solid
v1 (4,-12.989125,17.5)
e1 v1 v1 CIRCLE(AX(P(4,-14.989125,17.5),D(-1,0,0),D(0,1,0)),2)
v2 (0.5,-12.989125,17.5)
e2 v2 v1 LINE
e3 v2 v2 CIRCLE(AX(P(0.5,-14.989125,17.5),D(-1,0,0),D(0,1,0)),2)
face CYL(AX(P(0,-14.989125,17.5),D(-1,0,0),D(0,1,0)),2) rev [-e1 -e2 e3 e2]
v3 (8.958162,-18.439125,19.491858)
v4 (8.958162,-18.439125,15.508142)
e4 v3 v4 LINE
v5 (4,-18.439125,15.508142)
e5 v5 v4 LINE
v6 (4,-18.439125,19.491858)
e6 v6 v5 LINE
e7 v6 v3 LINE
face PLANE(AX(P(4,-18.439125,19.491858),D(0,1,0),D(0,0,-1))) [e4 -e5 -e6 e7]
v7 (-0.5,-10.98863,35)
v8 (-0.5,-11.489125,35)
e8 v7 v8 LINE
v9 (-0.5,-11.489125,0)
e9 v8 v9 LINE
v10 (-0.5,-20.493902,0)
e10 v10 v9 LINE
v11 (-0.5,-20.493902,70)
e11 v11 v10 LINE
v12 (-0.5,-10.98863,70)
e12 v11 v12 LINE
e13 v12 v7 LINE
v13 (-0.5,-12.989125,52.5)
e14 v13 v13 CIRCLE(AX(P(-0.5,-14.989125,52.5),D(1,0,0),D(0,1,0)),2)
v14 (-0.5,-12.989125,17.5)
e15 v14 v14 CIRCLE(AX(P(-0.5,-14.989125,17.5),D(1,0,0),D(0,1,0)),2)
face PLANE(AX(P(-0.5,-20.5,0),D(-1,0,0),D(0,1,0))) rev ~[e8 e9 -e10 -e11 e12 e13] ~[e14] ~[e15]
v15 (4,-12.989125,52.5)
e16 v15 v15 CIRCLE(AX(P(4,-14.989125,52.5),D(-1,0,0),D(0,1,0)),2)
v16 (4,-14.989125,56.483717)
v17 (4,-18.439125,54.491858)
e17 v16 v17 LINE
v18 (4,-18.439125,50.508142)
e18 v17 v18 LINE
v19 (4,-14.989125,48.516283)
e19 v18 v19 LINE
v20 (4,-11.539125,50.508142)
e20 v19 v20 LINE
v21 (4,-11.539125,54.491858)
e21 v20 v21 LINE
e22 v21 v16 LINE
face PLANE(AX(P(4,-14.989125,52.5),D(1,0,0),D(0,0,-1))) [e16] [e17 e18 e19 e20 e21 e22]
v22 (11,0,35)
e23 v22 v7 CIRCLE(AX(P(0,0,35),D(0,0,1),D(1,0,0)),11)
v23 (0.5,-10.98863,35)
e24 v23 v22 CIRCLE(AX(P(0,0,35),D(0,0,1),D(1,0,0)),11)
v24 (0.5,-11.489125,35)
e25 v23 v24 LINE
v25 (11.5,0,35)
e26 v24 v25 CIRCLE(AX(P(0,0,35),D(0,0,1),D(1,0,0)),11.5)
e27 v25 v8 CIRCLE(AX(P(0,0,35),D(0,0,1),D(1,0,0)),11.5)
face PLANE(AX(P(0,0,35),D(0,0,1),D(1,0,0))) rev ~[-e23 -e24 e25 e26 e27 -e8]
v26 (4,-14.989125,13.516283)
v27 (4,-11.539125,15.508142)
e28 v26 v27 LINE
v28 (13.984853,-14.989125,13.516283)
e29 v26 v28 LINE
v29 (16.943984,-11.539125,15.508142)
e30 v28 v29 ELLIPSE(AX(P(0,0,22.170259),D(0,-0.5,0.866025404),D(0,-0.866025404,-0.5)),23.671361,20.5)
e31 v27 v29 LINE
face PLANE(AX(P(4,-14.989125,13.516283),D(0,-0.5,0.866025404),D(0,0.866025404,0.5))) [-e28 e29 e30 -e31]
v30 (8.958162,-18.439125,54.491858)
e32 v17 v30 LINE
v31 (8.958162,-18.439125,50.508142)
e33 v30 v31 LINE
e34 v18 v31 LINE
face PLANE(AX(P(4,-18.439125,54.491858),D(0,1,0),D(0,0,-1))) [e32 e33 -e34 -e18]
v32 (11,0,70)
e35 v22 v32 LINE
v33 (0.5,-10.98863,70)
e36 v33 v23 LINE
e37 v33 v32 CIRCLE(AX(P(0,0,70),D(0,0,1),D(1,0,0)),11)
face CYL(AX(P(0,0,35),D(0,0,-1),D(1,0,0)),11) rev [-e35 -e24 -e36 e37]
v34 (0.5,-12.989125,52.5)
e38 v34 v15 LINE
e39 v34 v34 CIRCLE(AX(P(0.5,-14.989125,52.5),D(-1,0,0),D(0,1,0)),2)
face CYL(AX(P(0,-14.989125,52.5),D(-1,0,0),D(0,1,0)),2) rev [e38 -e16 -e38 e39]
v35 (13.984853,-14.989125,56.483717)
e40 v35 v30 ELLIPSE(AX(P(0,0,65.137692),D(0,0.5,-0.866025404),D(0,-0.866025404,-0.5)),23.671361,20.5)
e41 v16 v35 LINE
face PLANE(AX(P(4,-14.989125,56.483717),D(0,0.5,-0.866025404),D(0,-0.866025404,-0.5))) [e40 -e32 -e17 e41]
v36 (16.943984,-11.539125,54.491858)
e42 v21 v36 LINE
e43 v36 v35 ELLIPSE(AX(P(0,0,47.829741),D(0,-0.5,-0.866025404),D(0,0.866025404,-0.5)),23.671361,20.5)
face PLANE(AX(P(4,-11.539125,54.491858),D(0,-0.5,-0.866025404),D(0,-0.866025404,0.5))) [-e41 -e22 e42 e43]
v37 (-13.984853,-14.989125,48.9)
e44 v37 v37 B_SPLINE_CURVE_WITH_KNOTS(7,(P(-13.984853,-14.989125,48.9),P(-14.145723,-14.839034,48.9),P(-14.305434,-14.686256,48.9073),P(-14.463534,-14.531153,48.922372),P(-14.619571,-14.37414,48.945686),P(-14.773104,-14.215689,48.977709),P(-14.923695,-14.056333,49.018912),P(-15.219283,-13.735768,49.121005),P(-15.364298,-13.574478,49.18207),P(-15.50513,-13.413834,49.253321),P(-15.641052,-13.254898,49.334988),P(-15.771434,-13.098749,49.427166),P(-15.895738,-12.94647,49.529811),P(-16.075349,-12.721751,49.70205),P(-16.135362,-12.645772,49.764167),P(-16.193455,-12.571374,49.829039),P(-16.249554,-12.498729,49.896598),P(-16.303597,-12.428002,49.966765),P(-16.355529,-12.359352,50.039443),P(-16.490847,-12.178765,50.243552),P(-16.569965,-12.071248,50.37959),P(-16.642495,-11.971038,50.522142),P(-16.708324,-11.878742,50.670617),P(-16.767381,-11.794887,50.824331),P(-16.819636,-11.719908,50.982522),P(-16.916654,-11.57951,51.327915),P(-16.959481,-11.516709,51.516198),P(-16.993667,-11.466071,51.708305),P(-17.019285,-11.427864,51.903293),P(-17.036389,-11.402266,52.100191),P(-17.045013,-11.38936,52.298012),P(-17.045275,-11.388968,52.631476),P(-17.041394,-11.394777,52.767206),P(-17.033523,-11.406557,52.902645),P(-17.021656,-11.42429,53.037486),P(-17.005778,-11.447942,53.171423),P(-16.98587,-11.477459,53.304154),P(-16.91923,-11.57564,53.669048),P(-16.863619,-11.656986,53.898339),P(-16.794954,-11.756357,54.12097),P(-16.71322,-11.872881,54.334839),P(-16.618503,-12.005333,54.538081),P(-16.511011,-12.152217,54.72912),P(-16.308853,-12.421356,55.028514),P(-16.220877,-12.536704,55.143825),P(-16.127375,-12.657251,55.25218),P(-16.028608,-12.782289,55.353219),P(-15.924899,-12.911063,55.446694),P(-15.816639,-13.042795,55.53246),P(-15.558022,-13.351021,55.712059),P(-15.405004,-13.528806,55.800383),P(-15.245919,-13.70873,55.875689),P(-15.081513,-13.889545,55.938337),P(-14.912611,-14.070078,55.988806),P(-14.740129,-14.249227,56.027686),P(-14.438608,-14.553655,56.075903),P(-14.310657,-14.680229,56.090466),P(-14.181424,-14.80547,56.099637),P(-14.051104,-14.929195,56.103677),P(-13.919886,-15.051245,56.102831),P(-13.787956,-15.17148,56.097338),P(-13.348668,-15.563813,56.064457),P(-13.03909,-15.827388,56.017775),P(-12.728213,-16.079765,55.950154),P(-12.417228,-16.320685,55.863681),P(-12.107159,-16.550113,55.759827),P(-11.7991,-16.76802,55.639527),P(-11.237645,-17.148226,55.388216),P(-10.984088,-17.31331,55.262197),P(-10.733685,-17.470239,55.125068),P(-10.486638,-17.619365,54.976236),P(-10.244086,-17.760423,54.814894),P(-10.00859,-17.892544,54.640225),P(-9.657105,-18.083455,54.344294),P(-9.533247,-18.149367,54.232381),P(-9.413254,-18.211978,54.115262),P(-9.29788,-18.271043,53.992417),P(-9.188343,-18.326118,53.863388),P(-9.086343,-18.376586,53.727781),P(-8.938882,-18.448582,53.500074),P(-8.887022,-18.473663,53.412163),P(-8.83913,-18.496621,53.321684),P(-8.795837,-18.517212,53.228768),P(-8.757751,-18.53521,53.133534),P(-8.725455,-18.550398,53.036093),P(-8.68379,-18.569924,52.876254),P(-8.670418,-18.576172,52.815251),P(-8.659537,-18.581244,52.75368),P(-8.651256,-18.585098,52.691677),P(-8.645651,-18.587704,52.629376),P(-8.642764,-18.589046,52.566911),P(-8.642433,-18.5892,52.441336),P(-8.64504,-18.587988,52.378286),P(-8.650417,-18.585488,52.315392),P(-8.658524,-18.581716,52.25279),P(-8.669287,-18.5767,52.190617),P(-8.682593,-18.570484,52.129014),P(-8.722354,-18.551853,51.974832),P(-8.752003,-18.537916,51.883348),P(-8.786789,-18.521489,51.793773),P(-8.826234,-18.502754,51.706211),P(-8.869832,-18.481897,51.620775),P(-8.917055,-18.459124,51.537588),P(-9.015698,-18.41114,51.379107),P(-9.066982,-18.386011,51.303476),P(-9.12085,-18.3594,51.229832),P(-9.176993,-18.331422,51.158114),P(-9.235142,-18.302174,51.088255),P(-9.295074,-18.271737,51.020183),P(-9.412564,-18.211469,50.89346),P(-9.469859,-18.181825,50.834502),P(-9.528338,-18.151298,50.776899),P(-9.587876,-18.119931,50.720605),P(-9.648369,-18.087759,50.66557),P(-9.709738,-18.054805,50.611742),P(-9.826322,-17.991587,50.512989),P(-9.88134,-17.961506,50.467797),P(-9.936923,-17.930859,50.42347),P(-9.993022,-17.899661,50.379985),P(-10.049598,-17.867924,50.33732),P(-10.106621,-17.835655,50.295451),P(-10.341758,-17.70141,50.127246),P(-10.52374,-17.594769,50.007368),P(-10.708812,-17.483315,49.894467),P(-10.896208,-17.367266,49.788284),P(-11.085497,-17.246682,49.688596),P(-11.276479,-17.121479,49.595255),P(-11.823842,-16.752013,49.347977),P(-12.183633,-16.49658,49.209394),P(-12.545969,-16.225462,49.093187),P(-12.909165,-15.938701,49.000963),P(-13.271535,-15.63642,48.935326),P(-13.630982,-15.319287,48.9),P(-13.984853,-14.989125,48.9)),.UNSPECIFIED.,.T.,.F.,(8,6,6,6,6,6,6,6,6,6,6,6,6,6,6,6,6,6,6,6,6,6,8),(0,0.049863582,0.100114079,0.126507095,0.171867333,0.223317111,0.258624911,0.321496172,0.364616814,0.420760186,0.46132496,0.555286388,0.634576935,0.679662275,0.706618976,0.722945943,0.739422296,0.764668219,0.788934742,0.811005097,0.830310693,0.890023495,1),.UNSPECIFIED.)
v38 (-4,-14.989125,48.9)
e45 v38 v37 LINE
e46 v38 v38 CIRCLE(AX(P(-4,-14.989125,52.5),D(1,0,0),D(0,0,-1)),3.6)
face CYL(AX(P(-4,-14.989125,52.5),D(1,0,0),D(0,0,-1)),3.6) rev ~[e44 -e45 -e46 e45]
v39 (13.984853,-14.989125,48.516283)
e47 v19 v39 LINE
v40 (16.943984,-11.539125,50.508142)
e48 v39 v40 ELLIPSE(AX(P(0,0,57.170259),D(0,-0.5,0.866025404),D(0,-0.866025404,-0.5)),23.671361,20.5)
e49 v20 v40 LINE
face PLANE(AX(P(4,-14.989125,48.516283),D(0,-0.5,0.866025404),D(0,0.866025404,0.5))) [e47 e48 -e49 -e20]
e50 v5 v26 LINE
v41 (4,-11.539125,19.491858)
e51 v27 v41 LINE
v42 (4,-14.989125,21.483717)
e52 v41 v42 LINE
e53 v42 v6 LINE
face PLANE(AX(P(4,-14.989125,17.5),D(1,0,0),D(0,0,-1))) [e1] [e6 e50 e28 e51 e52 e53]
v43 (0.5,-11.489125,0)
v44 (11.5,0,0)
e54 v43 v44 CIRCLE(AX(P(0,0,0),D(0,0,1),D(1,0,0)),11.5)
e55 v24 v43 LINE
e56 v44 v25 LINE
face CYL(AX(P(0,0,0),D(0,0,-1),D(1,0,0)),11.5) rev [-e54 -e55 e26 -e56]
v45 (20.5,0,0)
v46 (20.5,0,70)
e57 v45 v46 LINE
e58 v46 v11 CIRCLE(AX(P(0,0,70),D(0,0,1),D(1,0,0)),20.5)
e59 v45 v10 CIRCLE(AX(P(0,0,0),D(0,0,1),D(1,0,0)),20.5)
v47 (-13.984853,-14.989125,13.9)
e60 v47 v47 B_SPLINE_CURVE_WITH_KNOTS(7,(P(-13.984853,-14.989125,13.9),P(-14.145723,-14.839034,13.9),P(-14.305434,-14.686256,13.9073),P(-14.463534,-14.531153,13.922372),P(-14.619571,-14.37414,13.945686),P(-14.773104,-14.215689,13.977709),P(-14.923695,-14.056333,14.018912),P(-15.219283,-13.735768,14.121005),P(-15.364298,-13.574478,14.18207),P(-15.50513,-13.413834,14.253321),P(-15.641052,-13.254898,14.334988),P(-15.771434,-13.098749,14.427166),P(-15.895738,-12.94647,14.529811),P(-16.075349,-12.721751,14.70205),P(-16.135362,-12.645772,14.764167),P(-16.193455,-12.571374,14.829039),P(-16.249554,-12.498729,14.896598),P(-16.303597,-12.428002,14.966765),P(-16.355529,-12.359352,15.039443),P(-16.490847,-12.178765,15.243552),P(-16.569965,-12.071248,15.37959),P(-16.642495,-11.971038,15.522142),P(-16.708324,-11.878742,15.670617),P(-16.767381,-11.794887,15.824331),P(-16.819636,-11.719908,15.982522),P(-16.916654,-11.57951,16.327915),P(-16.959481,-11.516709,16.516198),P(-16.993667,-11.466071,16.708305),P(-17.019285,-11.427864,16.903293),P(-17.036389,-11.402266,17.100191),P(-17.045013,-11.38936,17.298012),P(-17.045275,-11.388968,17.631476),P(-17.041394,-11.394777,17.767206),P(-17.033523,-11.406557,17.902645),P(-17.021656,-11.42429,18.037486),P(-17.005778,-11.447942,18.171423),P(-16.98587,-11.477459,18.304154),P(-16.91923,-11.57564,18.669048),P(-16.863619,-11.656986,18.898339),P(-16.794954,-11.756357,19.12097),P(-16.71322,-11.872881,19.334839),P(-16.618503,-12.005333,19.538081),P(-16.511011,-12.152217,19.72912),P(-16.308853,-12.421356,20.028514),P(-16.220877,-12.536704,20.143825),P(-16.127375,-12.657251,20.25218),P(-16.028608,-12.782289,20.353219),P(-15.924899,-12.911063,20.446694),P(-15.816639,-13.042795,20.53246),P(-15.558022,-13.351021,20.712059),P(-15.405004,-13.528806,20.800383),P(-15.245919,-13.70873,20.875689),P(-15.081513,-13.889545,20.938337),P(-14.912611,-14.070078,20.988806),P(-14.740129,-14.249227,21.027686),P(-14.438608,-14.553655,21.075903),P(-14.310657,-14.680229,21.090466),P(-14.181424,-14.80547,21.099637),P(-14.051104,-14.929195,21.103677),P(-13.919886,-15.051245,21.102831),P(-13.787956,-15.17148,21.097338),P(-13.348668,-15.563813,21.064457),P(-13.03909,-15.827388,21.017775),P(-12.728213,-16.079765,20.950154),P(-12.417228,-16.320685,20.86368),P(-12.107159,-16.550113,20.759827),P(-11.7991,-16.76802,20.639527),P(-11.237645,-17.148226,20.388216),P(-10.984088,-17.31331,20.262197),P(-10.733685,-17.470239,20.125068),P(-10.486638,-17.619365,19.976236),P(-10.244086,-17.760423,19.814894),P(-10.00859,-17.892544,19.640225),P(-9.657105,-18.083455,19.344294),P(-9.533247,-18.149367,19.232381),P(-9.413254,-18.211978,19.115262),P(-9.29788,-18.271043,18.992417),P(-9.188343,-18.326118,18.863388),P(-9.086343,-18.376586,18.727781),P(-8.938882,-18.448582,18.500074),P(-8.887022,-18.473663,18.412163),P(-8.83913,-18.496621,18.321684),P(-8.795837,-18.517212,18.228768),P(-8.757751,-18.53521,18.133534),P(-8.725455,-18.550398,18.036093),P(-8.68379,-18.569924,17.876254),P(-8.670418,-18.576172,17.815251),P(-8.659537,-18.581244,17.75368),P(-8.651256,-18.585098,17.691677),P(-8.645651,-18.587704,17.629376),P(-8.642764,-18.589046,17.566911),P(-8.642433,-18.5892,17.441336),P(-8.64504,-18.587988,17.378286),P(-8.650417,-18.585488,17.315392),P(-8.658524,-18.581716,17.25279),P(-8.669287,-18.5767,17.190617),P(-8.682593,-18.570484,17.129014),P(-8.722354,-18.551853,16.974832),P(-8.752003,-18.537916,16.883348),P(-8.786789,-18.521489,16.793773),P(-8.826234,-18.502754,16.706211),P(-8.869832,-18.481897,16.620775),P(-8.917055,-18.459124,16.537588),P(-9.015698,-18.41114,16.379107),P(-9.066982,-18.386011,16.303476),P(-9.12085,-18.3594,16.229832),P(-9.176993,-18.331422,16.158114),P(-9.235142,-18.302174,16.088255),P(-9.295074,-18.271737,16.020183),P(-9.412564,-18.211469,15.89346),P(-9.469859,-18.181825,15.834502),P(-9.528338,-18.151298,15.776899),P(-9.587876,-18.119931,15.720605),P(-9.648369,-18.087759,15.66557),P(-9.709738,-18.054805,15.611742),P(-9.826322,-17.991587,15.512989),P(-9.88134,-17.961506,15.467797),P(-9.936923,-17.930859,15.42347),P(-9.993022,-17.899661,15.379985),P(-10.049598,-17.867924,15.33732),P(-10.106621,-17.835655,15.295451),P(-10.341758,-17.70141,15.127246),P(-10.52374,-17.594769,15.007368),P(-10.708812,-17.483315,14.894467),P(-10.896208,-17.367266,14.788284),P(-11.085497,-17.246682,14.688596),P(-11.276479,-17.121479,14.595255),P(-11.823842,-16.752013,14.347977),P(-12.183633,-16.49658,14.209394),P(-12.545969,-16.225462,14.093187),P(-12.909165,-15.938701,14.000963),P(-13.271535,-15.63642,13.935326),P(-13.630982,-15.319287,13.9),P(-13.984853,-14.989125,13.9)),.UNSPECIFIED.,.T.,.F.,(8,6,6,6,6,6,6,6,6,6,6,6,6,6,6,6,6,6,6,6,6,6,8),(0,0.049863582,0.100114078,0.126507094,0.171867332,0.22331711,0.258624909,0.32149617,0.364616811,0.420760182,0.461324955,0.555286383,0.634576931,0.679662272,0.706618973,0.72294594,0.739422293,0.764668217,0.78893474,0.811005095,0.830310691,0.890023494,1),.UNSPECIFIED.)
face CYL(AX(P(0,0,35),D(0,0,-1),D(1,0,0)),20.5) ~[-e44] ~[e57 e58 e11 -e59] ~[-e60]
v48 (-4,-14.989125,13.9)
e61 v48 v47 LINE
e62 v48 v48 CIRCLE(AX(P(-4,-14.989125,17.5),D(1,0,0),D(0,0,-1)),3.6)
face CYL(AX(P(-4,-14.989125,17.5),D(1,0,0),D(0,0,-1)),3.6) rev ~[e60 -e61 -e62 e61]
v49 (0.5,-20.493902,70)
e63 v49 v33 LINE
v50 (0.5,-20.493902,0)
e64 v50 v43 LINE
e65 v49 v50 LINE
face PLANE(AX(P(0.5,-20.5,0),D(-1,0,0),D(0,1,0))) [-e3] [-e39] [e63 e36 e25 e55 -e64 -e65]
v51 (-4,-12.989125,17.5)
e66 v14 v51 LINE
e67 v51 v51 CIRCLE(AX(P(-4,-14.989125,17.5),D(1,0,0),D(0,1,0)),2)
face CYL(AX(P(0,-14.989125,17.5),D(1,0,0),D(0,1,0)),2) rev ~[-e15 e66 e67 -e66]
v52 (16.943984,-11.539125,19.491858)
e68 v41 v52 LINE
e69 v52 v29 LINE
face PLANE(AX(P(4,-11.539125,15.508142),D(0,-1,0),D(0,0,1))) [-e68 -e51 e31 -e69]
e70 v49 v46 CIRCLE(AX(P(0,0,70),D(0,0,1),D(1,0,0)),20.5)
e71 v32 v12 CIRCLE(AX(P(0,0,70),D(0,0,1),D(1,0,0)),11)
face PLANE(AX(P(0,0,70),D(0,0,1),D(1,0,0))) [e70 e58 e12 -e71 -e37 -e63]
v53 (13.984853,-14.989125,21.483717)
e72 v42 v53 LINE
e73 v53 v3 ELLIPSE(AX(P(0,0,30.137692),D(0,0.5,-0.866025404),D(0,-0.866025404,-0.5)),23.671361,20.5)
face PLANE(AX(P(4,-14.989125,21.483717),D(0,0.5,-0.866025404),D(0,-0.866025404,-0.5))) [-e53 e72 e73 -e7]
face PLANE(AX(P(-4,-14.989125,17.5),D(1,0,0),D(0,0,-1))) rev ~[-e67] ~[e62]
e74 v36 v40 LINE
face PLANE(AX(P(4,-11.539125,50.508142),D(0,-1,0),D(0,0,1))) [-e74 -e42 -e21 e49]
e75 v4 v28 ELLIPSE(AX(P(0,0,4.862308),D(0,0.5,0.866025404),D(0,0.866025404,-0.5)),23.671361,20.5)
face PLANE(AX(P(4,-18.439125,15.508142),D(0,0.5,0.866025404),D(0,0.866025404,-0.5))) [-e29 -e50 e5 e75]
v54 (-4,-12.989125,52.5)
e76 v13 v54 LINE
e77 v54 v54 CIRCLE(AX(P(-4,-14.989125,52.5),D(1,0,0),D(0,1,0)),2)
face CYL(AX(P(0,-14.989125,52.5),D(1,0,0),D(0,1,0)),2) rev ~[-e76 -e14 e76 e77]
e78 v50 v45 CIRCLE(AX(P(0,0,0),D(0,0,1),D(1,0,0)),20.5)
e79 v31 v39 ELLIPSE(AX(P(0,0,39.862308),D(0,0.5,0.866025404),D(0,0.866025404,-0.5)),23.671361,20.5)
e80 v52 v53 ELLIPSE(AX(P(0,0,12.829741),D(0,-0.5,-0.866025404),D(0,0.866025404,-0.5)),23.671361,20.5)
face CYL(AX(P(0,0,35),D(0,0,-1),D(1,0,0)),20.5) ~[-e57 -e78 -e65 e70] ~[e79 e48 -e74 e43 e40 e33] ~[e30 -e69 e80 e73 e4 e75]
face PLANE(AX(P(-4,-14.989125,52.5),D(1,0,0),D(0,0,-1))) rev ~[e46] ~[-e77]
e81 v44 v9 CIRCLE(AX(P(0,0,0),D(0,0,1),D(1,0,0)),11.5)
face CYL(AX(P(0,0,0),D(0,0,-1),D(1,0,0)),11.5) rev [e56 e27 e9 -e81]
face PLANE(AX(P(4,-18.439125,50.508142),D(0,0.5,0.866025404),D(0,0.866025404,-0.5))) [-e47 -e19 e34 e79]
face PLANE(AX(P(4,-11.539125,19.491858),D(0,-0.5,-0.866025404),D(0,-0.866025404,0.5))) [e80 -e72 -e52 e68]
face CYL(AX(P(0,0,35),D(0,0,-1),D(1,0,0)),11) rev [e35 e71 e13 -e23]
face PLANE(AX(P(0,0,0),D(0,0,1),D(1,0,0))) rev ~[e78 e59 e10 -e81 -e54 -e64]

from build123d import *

# Parameters (mm, degrees)
SKETCH1_R                           = 20.5
SKETCH1_R_2                         = 11.5
BOSS_EXTRUDE1_DEPTH                 = 35
SKETCH2_R                           = 20.5
SKETCH2_R_2                         = 11
BOSS_EXTRUDE2_DEPTH                 = 35
CUT_EXTRUDE1_REACH                  = 77.766
SKETCH3_W                           = 1
SKETCH3_H                           = 20.5
CUT_EXTRUDE2_REACH                  = 77.766
CUT_EXTRUDE2_END_RADIUS             = 20.5
SKETCH4_R                           = 2
CUT_EXTRUDE2_DIRECTION_2_REACH      = 77.766
CUT_EXTRUDE2_DIRECTION_2_END_RADIUS = 20.5
CUT_EXTRUDE3_REACH                  = 78.945
CUT_EXTRUDE3_END_RADIUS             = 20.5
CUT_EXTRUDE4_REACH                  = 78.945
CUT_EXTRUDE4_END_RADIUS             = 20.5
SKETCH7_R                           = 3.6


with BuildPart() as part:
    # Sketch1 → Boss-Extrude1 (new body)
    with BuildSketch(Plane.XY):
        Circle(SKETCH1_R)
        Circle(SKETCH1_R_2, mode=Mode.SUBTRACT)
    extrude(amount=BOSS_EXTRUDE1_DEPTH)

    # Sketch2 → Boss-Extrude2 (add)
    with BuildSketch(Plane.XY.offset(35)):
        Circle(SKETCH2_R)
        Circle(SKETCH2_R_2, mode=Mode.SUBTRACT)
    extrude(amount=BOSS_EXTRUDE2_DEPTH)

    # Cut-Extrude1: up to this face of the body (flat: up to its plane)
    cut_extrude1_end = Plane(part.part.faces().sort_by_distance((-19.920172439, 0, 70))[0])
    # Sketch3 → Cut-Extrude1 (cut, up to the picked face)
    with BuildSketch(Plane(origin=(0, 0, 0), x_dir=(-1, 0, 0), z_dir=(0, 0, -1)), mode=Mode.PRIVATE) as cut_extrude1_sk1:
        with Locations((0, -10.25)):
            Rectangle(SKETCH3_W, SKETCH3_H)
    cut_extrude1_tool1 = split(extrude(cut_extrude1_sk1.sketch, amount=-CUT_EXTRUDE1_REACH, mode=Mode.PRIVATE), bisect_by=cut_extrude1_end, keep=Keep.BOTH, mode=Mode.PRIVATE)
    add(cut_extrude1_tool1.solids().sort_by(Axis((0, -10.25, 0), (0, 0, 1)))[0], mode=Mode.SUBTRACT)

    # Cut-Extrude2: up to this cylinder (the profile starts inside it)
    cut_extrude2_end = Plane(origin=(0, 0, 35), z_dir=(0, 0, -1)) * Cylinder(CUT_EXTRUDE2_END_RADIUS, 232.532, mode=Mode.PRIVATE)
    # Sketch4 → Cut-Extrude2 (cut, up to the surface)
    with BuildSketch(Plane(origin=(0, 0, 0), x_dir=(0, 0, -1), z_dir=(1, 0, 0)), mode=Mode.PRIVATE) as cut_extrude2_sk1:
        with Locations(Location((-52.5, -14.989125293, 0), (0, 0, 90))):
            Circle(SKETCH4_R)
    cut_extrude2_tool1 = extrude(cut_extrude2_sk1.sketch, amount=-CUT_EXTRUDE2_REACH, mode=Mode.PRIVATE) & cut_extrude2_end
    add(cut_extrude2_tool1.solids().sort_by_distance((0, -14.989125, 52.5))[0], mode=Mode.SUBTRACT)
    # Sketch4 → Cut-Extrude2 (cut, up to the surface)
    with BuildSketch(Plane(origin=(0, 0, 0), x_dir=(0, 0, -1), z_dir=(1, 0, 0)), mode=Mode.PRIVATE) as cut_extrude2_sk2:
        with Locations(Location((-17.5, -14.989125293, 0), (0, 0, 90))):
            Circle(SKETCH4_R)
    cut_extrude2_tool2 = extrude(cut_extrude2_sk2.sketch, amount=-CUT_EXTRUDE2_REACH, mode=Mode.PRIVATE) & cut_extrude2_end
    add(cut_extrude2_tool2.solids().sort_by_distance((0, -14.989125, 17.5))[0], mode=Mode.SUBTRACT)

    # Cut-Extrude2 direction 2: up to this cylinder (the profile starts inside it)
    cut_extrude2_direction_2_end = Plane(origin=(0, 0, 35), z_dir=(0, 0, -1)) * Cylinder(CUT_EXTRUDE2_DIRECTION_2_END_RADIUS, 232.532, mode=Mode.PRIVATE)
    # Sketch4 → Cut-Extrude2 direction 2 (cut, up to the surface)
    with BuildSketch(Plane(origin=(0, 0, 0), x_dir=(0, 0, -1), z_dir=(1, 0, 0)), mode=Mode.PRIVATE) as cut_extrude2_direction_2_sk1:
        with Locations(Location((-52.5, -14.989125293, 0), (0, 0, 90))):
            Circle(SKETCH4_R)
    cut_extrude2_direction_2_tool1 = extrude(cut_extrude2_direction_2_sk1.sketch, amount=CUT_EXTRUDE2_DIRECTION_2_REACH, mode=Mode.PRIVATE) & cut_extrude2_direction_2_end
    add(cut_extrude2_direction_2_tool1.solids().sort_by_distance((0, -14.989125, 52.5))[0], mode=Mode.SUBTRACT)
    # Sketch4 → Cut-Extrude2 direction 2 (cut, up to the surface)
    with BuildSketch(Plane(origin=(0, 0, 0), x_dir=(0, 0, -1), z_dir=(1, 0, 0)), mode=Mode.PRIVATE) as cut_extrude2_direction_2_sk2:
        with Locations(Location((-17.5, -14.989125293, 0), (0, 0, 90))):
            Circle(SKETCH4_R)
    cut_extrude2_direction_2_tool2 = extrude(cut_extrude2_direction_2_sk2.sketch, amount=CUT_EXTRUDE2_DIRECTION_2_REACH, mode=Mode.PRIVATE) & cut_extrude2_direction_2_end
    add(cut_extrude2_direction_2_tool2.solids().sort_by_distance((0, -14.989125, 17.5))[0], mode=Mode.SUBTRACT)

    # Cut-Extrude3: up to this cylinder (the profile starts inside it)
    cut_extrude3_end = Plane(origin=(0, 0, 35), z_dir=(0, 0, -1)) * Cylinder(CUT_EXTRUDE3_END_RADIUS, 234.89, mode=Mode.PRIVATE)
    # Sketch6 → Cut-Extrude3 (cut, up to the surface)
    with BuildSketch(Plane(origin=(4, 0, 0), x_dir=(0, 0, -1), z_dir=(1, 0, 0)), mode=Mode.PRIVATE) as cut_extrude3_sk1:
        Polygon((-48.516283143, -14.989125293), (-50.508141571, -11.539125293), (-54.491858429, -11.539125293), (-56.483716857, -14.989125293), (-54.491858429, -18.439125293), (-50.508141571, -18.439125293), align=None)
    cut_extrude3_tool1 = extrude(cut_extrude3_sk1.sketch, amount=CUT_EXTRUDE3_REACH, mode=Mode.PRIVATE) & cut_extrude3_end
    add(cut_extrude3_tool1.solids().sort_by_distance((4, -14.989125, 52.5))[0], mode=Mode.SUBTRACT)
    # Sketch6 → Cut-Extrude3 (cut, up to the surface)
    with BuildSketch(Plane(origin=(4, 0, 0), x_dir=(0, 0, -1), z_dir=(1, 0, 0)), mode=Mode.PRIVATE) as cut_extrude3_sk2:
        Polygon((-13.516283143, -14.989125293), (-15.508141571, -11.539125293), (-19.491858429, -11.539125293), (-21.483716857, -14.989125293), (-19.491858429, -18.439125293), (-15.508141571, -18.439125293), align=None)
    cut_extrude3_tool2 = extrude(cut_extrude3_sk2.sketch, amount=CUT_EXTRUDE3_REACH, mode=Mode.PRIVATE) & cut_extrude3_end
    add(cut_extrude3_tool2.solids().sort_by_distance((4, -14.989125, 17.5))[0], mode=Mode.SUBTRACT)

    # Cut-Extrude4: up to this cylinder (the profile starts inside it)
    cut_extrude4_end = Plane(origin=(0, 0, 35), z_dir=(0, 0, -1)) * Cylinder(CUT_EXTRUDE4_END_RADIUS, 234.89, mode=Mode.PRIVATE)
    # Sketch7 → Cut-Extrude4 (cut, up to the surface)
    with BuildSketch(Plane(origin=(-4, 0, 0), x_dir=(0, 0, -1), z_dir=(1, 0, 0)), mode=Mode.PRIVATE) as cut_extrude4_sk1:
        with Locations((-52.5, -14.989125293)):
            Circle(SKETCH7_R)
    cut_extrude4_tool1 = extrude(cut_extrude4_sk1.sketch, amount=-CUT_EXTRUDE4_REACH, mode=Mode.PRIVATE) & cut_extrude4_end
    add(cut_extrude4_tool1.solids().sort_by_distance((-4, -14.989125, 52.5))[0], mode=Mode.SUBTRACT)
    # Sketch7 → Cut-Extrude4 (cut, up to the surface)
    with BuildSketch(Plane(origin=(-4, 0, 0), x_dir=(0, 0, -1), z_dir=(1, 0, 0)), mode=Mode.PRIVATE) as cut_extrude4_sk2:
        with Locations((-17.5, -14.989125293)):
            Circle(SKETCH7_R)
    cut_extrude4_tool2 = extrude(cut_extrude4_sk2.sketch, amount=-CUT_EXTRUDE4_REACH, mode=Mode.PRIVATE) & cut_extrude4_end
    add(cut_extrude4_tool2.solids().sort_by_distance((-4, -14.989125, 17.5))[0], mode=Mode.SUBTRACT)


solid = part.part
